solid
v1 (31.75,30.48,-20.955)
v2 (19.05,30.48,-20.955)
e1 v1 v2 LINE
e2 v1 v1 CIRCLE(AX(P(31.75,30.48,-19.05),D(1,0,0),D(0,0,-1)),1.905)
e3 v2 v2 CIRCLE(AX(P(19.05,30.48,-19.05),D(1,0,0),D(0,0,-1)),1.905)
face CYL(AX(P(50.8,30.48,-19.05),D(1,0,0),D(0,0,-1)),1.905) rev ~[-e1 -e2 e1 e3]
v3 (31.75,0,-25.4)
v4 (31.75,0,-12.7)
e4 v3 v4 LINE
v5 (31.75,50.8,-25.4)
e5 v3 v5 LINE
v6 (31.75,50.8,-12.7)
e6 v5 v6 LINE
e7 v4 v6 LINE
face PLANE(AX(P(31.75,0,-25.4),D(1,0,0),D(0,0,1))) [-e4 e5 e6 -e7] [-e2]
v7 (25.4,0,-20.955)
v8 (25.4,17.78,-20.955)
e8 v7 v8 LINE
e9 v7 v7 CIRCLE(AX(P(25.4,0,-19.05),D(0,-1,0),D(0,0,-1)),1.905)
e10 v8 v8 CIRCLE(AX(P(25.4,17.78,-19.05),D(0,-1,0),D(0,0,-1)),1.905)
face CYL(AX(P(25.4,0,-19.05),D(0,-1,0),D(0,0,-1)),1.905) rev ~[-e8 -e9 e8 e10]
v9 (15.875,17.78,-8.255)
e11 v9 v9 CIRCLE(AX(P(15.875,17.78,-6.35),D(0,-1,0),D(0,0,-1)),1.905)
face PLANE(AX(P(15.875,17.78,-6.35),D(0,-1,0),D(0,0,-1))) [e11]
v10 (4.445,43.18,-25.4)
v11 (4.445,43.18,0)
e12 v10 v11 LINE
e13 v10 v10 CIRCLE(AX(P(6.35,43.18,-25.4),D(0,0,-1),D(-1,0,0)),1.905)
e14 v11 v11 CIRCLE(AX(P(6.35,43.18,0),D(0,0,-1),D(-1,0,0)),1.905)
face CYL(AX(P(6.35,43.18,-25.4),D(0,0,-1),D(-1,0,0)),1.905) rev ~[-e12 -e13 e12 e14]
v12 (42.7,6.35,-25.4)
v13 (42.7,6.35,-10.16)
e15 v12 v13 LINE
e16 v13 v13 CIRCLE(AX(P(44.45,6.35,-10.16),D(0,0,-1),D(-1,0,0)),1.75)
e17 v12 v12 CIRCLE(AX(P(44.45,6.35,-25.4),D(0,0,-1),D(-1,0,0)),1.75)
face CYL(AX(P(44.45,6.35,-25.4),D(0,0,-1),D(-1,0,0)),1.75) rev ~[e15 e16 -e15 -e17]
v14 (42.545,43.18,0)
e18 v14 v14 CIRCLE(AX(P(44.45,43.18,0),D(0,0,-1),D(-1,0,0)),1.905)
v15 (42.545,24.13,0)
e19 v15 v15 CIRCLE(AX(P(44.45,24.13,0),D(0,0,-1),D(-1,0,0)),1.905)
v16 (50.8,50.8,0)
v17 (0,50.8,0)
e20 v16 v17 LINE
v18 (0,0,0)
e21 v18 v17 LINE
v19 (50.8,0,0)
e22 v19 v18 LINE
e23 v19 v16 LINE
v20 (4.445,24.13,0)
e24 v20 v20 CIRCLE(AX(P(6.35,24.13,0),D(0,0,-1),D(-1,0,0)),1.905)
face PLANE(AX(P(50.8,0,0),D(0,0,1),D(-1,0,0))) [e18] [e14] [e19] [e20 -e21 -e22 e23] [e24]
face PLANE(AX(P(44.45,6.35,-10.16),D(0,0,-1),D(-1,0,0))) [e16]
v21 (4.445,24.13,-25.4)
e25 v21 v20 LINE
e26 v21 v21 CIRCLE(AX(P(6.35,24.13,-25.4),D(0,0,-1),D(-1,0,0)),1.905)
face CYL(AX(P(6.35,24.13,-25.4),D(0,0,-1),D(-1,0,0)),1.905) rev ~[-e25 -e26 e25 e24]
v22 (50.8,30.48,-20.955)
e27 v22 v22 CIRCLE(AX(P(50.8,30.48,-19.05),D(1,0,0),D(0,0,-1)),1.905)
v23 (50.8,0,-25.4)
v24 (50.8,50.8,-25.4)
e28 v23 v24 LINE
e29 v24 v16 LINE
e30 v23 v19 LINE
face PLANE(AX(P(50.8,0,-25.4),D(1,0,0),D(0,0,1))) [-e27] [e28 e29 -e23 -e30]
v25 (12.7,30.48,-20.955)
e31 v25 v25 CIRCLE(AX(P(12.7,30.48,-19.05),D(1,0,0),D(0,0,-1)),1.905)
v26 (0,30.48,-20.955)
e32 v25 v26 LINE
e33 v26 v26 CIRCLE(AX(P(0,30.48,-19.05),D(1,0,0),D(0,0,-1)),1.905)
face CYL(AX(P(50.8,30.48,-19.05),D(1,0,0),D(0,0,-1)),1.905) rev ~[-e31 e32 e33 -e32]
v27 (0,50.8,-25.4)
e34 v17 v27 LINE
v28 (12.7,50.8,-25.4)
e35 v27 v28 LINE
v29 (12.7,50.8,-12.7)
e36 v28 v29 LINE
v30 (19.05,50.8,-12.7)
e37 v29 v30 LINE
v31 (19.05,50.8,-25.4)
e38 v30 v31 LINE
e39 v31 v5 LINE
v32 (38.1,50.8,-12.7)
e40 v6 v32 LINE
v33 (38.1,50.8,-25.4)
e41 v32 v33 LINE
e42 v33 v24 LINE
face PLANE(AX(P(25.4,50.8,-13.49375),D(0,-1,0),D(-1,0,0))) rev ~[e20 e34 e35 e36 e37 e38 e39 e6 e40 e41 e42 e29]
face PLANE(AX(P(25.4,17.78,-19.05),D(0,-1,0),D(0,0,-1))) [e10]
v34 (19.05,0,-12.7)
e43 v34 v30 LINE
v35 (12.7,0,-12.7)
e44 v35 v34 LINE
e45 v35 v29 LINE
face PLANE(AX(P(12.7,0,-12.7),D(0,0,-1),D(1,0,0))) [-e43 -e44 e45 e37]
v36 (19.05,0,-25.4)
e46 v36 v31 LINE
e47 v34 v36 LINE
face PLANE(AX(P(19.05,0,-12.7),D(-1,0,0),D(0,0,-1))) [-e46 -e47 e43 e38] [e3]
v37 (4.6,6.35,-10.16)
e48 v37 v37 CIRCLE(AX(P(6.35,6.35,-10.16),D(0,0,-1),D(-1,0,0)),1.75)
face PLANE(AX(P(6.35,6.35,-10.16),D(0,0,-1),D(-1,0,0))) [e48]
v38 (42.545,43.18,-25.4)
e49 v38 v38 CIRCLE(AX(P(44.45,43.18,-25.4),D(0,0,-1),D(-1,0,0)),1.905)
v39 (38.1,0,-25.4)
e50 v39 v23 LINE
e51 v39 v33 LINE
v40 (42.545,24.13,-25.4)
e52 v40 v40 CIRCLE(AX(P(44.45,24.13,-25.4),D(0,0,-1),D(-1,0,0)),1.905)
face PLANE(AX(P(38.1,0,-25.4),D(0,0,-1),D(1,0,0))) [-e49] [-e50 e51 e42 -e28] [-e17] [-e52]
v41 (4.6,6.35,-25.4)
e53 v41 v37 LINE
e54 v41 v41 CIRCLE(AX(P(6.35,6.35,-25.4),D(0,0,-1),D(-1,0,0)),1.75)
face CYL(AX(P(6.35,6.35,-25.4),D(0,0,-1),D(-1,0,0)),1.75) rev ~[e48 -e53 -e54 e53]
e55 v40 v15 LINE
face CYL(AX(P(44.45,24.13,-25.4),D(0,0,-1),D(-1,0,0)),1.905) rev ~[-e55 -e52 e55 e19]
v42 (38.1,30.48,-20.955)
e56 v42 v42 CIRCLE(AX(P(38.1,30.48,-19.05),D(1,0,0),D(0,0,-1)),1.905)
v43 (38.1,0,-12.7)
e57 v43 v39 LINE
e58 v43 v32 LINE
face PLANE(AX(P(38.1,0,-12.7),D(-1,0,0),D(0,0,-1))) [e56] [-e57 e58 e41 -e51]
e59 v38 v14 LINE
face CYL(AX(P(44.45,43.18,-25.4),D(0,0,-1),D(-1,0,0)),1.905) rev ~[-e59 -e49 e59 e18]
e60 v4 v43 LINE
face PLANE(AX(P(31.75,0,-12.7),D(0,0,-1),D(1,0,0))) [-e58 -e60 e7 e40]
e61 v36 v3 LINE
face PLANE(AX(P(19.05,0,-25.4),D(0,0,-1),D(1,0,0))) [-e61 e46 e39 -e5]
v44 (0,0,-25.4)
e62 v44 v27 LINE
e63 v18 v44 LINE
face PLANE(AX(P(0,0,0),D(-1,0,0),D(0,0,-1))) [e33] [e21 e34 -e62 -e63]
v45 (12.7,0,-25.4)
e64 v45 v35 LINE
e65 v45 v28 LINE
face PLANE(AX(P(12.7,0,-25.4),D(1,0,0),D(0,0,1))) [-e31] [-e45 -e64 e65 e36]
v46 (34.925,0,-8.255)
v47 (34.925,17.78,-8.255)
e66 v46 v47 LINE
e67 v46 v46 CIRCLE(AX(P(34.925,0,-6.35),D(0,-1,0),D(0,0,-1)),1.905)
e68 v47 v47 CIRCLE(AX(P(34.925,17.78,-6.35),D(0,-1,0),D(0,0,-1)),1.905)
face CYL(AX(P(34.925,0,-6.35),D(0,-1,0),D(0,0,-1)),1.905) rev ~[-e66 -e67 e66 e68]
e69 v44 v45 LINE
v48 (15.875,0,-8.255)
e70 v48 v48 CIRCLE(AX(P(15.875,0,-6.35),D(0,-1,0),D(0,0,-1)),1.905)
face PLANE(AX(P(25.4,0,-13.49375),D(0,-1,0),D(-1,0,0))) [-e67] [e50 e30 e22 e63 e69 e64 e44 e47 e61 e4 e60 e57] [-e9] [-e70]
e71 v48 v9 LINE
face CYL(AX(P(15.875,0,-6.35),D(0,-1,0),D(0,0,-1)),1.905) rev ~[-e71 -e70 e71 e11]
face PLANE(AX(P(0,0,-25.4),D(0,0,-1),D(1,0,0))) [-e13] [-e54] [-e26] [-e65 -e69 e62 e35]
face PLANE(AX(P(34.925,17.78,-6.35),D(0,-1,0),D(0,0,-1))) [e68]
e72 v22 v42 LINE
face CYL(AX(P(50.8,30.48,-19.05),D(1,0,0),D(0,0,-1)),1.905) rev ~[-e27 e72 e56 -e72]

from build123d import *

# Parameters (mm, degrees)
BOSS_EXTRUDE1_DEPTH = 50.8
SKETCH2_R           = 1.75
CUT_EXTRUDE1_DEPTH  = 15.24
CUT_EXTRUDE2_REACH  = 78.2
SKETCH4_R           = 1.905
SKETCH5_R           = 1.905
CUT_EXTRUDE3_DEPTH  = 25.4
SKETCH6_R           = 1.905
CUT_EXTRUDE4_DEPTH  = 17.78


with BuildPart() as part:
    # Sketch1 → Boss-Extrude1 (new body)
    with BuildSketch(Plane(origin=(0, 0, 0), x_dir=(1, 0, 0), z_dir=(0, 1, 0))):
        Polygon((0, 0), (0, 25.4), (12.7, 25.4), (12.7, 12.7), (19.05, 12.7), (19.05, 25.4), (31.75, 25.4), (31.75, 12.7), (38.1, 12.7), (38.1, 25.4), (50.8, 25.4), (50.8, 0), align=None)
    extrude(amount=BOSS_EXTRUDE1_DEPTH)

    # Sketch2 → Cut-Extrude1 (cut)
    with BuildSketch(Plane(origin=(0, 0, -25.4), x_dir=(-1, 0, 0), z_dir=(0, 0, -1))):
        with Locations((-44.45, 6.35)):
            Circle(SKETCH2_R)
        with Locations((-6.35, 6.35)):
            Circle(SKETCH2_R)
    extrude(amount=-CUT_EXTRUDE1_DEPTH, mode=Mode.SUBTRACT)

    # Cut-Extrude2: up to this face of the body (flat: up to its plane)
    cut_extrude2_end = Plane(part.part.faces().sort_by_distance((0, 25.4, -12.7))[0])
    # Sketch4 → Cut-Extrude2 (cut, up to the picked face)
    with BuildSketch(Plane(origin=(50.8, 0, 0), x_dir=(0, 0, -1), z_dir=(1, 0, 0)), mode=Mode.PRIVATE) as cut_extrude2_sk1:
        with Locations((19.05, 30.48)):
            Circle(SKETCH4_R)
    cut_extrude2_tool1 = split(extrude(cut_extrude2_sk1.sketch, amount=-CUT_EXTRUDE2_REACH, mode=Mode.PRIVATE), bisect_by=cut_extrude2_end, keep=Keep.BOTH, mode=Mode.PRIVATE)
    add(cut_extrude2_tool1.solids().sort_by(Axis((50.8, 30.48, -19.05), (-1, 0, 0)))[0], mode=Mode.SUBTRACT)

    # Sketch5 → Cut-Extrude3 (cut)
    with BuildSketch(Plane(origin=(0, 0, -25.4), x_dir=(-1, 0, 0), z_dir=(0, 0, -1))):
        with Locations((-44.45, 24.13)):
            Circle(SKETCH5_R)
        with Locations((-44.45, 43.18)):
            Circle(SKETCH5_R)
        with Locations((-6.35, 24.13)):
            Circle(SKETCH5_R)
        with Locations((-6.35, 43.18)):
            Circle(SKETCH5_R)
    extrude(amount=-CUT_EXTRUDE3_DEPTH, mode=Mode.SUBTRACT)

    # Sketch6 → Cut-Extrude4 (cut)
    with BuildSketch(Plane.XZ):
        with Locations(Location((34.925, -6.35, 0), (0, 0, 270))):
            Circle(SKETCH6_R)
        with Locations(Location((15.875, -6.35, 0), (0, 0, 270))):
            Circle(SKETCH6_R)
        with Locations(Location((25.4, -19.05, 0), (0, 0, 270))):
            Circle(SKETCH6_R)
    extrude(amount=-CUT_EXTRUDE4_DEPTH, mode=Mode.SUBTRACT)


solid = part.part
